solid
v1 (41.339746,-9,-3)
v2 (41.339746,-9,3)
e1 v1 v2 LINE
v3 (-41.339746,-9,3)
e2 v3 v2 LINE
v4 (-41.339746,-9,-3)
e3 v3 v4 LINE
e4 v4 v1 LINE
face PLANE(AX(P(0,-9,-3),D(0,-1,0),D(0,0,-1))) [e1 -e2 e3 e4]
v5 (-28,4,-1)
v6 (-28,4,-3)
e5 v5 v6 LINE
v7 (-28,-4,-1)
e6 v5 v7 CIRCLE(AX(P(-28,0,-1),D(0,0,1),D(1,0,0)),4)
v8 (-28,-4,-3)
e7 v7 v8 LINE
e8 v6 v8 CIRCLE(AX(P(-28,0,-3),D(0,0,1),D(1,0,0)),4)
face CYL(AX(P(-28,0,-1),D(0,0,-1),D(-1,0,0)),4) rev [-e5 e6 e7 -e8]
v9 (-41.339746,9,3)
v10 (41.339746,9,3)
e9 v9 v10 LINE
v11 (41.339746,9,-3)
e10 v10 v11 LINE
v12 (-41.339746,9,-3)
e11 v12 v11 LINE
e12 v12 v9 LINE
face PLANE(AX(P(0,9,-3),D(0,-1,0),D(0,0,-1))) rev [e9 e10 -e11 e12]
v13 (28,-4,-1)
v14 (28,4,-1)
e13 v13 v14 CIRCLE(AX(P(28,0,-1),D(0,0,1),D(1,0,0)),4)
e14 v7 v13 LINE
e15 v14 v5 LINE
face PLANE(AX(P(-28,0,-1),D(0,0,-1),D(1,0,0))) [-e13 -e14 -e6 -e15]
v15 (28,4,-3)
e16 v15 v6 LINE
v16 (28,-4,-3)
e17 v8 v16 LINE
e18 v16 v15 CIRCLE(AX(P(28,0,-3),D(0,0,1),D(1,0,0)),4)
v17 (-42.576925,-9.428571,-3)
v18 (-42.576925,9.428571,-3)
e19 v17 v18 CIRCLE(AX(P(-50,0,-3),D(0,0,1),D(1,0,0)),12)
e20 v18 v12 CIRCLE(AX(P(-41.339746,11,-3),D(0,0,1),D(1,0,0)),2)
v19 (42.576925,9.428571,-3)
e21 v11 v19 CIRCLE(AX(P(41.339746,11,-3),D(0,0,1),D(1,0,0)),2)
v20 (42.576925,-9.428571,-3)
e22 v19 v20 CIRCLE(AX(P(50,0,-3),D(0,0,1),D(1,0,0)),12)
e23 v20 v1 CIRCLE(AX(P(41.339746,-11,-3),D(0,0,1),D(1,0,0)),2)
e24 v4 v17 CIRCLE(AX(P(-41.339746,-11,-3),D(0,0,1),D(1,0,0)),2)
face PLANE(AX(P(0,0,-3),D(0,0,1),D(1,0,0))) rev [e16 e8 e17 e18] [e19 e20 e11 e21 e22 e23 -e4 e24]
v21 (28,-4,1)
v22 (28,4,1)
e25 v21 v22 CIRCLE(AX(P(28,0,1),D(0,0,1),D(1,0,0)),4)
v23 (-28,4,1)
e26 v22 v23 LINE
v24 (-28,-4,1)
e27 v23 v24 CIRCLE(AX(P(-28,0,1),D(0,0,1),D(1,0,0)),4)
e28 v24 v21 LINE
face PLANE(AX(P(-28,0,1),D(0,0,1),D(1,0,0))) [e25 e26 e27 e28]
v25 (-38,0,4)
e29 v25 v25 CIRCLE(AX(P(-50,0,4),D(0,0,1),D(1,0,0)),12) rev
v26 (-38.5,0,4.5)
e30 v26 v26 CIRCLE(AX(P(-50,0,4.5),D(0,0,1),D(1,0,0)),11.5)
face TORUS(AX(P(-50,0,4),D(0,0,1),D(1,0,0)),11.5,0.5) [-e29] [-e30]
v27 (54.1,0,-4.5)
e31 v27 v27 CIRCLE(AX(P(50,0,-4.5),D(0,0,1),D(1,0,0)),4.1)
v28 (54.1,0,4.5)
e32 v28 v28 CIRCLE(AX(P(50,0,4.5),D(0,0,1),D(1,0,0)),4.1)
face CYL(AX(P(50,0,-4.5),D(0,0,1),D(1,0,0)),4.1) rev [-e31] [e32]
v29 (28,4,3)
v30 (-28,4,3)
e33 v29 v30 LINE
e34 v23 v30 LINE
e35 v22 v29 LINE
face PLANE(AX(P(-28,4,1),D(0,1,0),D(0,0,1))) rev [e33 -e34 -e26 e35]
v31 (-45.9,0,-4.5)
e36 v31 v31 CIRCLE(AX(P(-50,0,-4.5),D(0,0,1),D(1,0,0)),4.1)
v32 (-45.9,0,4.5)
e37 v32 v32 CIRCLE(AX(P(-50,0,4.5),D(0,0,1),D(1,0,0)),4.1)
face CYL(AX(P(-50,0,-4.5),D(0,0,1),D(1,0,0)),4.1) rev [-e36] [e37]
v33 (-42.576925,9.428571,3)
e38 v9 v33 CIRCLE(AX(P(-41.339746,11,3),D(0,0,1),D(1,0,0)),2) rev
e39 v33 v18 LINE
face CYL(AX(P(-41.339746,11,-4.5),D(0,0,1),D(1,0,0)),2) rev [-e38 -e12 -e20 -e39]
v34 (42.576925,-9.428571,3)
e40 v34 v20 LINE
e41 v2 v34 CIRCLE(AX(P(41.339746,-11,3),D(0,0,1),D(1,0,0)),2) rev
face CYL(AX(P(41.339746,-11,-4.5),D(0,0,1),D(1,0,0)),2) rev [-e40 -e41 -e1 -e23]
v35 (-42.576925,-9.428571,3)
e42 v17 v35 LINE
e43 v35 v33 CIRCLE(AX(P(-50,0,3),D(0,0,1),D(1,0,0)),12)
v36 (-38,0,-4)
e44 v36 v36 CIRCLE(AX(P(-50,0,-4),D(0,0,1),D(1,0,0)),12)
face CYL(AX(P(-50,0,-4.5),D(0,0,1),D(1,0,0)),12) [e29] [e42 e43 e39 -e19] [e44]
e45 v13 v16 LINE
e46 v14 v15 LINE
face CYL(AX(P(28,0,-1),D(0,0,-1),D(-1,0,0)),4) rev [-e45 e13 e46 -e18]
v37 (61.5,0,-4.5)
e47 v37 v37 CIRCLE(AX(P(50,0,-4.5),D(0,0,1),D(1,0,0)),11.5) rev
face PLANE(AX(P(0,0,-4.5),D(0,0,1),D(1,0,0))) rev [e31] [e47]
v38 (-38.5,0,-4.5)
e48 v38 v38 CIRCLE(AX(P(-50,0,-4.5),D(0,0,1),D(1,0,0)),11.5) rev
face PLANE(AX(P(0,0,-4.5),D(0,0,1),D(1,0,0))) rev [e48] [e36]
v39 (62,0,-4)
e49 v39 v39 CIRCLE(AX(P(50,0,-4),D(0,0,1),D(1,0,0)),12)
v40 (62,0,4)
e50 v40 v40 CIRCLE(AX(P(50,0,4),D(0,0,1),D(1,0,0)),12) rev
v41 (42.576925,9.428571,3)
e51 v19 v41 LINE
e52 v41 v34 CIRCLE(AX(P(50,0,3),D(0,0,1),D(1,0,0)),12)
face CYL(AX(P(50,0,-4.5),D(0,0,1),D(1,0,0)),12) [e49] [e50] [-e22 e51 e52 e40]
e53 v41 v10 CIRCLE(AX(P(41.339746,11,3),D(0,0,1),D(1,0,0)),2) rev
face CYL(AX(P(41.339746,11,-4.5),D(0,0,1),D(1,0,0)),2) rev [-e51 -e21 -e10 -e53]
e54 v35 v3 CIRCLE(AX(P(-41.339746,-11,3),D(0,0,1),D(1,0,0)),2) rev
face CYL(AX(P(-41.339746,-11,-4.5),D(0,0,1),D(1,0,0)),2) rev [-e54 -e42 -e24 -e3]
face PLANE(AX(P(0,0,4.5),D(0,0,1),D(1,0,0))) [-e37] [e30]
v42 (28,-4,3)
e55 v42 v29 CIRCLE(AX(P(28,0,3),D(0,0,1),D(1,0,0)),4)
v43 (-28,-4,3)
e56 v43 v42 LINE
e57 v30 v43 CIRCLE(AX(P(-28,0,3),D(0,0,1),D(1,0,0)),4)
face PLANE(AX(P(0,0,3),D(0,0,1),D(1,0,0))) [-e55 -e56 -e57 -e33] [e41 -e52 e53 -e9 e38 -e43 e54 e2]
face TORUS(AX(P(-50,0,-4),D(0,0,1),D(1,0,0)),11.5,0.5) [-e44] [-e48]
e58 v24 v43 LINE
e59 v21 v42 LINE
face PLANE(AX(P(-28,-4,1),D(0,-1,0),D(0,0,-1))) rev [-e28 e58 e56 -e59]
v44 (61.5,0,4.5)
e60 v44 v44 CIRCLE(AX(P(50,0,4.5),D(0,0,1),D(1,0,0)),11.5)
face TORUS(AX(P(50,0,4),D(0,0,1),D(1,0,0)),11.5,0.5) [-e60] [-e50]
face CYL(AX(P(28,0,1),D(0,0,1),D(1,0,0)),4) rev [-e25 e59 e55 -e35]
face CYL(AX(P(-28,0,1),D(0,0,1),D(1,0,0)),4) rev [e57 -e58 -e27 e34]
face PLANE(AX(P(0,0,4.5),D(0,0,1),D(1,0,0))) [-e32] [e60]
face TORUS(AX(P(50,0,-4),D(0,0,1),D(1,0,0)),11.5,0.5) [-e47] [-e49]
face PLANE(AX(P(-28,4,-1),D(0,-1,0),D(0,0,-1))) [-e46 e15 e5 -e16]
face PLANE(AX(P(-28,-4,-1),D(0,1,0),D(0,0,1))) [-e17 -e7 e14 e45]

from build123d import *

# Parameters (mm, degrees)
EXTRUDE_1_DEPTH      = 3
EXTRUDE_1_DEPTH_BACK = 3
EXTRUDE_2_DEPTH      = 4.5
EXTRUDE_2_DEPTH_BACK = 4.5
SKETCH_1_3_R         = 12
SKETCH_1_3_R_2       = 4.1
FILLET_1_R           = 2
FILLET_2_R           = 0.5
CUT_EXTRUDE_1_DEPTH  = 2


with BuildPart() as part:
    # 草图1 → 凸台-拉伸1 (new, two sides: drawn at the far end of the back side and taken through both)
    with BuildSketch(Plane.XY.offset(-EXTRUDE_1_DEPTH_BACK)):
        with BuildLine():
            Line((42.062746067, 9), (-42.062746067, 9))
            ThreePointArc((-42.062746067, 9), (-39.062746067, 4.937253933), (-38, 0))
            ThreePointArc((-38, 0), (-39.062746067, -4.937253933), (-42.062746067, -9))
            Line((-42.062746067, -9), (42.062746067, -9))
            ThreePointArc((42.062746067, -9), (38, 0), (42.062746067, 9))
        make_face()
    extrude(amount=EXTRUDE_1_DEPTH + EXTRUDE_1_DEPTH_BACK)

    # 草图1<3> → 凸台-拉伸2 (add, two sides: drawn at the far end of the back side and taken through both)
    # profile 1 of 2: a face of its own
    with BuildSketch(Plane.XY.offset(-EXTRUDE_2_DEPTH_BACK)):
        with Locations((-50, 0)):
            Circle(SKETCH_1_3_R)
        with Locations((-50, 0)):
            Circle(SKETCH_1_3_R_2, mode=Mode.SUBTRACT)
    # profile 2 of 2: a face of its own
    with BuildSketch(Plane.XY.offset(-EXTRUDE_2_DEPTH_BACK)):
        with Locations((50, 0)):
            Circle(SKETCH_1_3_R)
        with Locations((50, 0)):
            Circle(SKETCH_1_3_R_2, mode=Mode.SUBTRACT)
    extrude(amount=EXTRUDE_2_DEPTH + EXTRUDE_2_DEPTH_BACK)

    # 圆角1
    fillet_1_edges = [part.edges().sort_by_distance(p)[0] for p in [
        (42.062746067, -9, -1.5),
        (-42.062746067, -9, -1.5),
        (-42.062746067, 9, -1.5),
        (42.062746067, 9, -1.5),
    ]]
    fillet(fillet_1_edges, radius=FILLET_1_R)

    # 圆角2
    fillet_2_edges = [part.edges().sort_by_distance(p)[0] for p in [
        (-62, 0, -4.5),
        (-62, 0, 4.5),
        (38, 0, -4.5),
        (38, 0, 4.5),
    ]]
    fillet(fillet_2_edges, radius=FILLET_2_R)

    # 草图2 → 切除-拉伸1 (cut)
    with BuildSketch(Plane.XY.offset(3)):
        with BuildLine():
            Line((-28, 4), (28, 4))
            ThreePointArc((28, 4), (32, 0), (28, -4))
            Line((28, -4), (-28, -4))
            ThreePointArc((-28, -4), (-32, 0), (-28, 4))
        make_face()
    cut_extrude_1 = extrude(amount=-CUT_EXTRUDE_1_DEPTH, mode=Mode.SUBTRACT)

    # 镜向1: 切除-拉伸1 across plane
    add(cut_extrude_1.mirror(Plane.XY), mode=Mode.SUBTRACT)


solid = part.part
